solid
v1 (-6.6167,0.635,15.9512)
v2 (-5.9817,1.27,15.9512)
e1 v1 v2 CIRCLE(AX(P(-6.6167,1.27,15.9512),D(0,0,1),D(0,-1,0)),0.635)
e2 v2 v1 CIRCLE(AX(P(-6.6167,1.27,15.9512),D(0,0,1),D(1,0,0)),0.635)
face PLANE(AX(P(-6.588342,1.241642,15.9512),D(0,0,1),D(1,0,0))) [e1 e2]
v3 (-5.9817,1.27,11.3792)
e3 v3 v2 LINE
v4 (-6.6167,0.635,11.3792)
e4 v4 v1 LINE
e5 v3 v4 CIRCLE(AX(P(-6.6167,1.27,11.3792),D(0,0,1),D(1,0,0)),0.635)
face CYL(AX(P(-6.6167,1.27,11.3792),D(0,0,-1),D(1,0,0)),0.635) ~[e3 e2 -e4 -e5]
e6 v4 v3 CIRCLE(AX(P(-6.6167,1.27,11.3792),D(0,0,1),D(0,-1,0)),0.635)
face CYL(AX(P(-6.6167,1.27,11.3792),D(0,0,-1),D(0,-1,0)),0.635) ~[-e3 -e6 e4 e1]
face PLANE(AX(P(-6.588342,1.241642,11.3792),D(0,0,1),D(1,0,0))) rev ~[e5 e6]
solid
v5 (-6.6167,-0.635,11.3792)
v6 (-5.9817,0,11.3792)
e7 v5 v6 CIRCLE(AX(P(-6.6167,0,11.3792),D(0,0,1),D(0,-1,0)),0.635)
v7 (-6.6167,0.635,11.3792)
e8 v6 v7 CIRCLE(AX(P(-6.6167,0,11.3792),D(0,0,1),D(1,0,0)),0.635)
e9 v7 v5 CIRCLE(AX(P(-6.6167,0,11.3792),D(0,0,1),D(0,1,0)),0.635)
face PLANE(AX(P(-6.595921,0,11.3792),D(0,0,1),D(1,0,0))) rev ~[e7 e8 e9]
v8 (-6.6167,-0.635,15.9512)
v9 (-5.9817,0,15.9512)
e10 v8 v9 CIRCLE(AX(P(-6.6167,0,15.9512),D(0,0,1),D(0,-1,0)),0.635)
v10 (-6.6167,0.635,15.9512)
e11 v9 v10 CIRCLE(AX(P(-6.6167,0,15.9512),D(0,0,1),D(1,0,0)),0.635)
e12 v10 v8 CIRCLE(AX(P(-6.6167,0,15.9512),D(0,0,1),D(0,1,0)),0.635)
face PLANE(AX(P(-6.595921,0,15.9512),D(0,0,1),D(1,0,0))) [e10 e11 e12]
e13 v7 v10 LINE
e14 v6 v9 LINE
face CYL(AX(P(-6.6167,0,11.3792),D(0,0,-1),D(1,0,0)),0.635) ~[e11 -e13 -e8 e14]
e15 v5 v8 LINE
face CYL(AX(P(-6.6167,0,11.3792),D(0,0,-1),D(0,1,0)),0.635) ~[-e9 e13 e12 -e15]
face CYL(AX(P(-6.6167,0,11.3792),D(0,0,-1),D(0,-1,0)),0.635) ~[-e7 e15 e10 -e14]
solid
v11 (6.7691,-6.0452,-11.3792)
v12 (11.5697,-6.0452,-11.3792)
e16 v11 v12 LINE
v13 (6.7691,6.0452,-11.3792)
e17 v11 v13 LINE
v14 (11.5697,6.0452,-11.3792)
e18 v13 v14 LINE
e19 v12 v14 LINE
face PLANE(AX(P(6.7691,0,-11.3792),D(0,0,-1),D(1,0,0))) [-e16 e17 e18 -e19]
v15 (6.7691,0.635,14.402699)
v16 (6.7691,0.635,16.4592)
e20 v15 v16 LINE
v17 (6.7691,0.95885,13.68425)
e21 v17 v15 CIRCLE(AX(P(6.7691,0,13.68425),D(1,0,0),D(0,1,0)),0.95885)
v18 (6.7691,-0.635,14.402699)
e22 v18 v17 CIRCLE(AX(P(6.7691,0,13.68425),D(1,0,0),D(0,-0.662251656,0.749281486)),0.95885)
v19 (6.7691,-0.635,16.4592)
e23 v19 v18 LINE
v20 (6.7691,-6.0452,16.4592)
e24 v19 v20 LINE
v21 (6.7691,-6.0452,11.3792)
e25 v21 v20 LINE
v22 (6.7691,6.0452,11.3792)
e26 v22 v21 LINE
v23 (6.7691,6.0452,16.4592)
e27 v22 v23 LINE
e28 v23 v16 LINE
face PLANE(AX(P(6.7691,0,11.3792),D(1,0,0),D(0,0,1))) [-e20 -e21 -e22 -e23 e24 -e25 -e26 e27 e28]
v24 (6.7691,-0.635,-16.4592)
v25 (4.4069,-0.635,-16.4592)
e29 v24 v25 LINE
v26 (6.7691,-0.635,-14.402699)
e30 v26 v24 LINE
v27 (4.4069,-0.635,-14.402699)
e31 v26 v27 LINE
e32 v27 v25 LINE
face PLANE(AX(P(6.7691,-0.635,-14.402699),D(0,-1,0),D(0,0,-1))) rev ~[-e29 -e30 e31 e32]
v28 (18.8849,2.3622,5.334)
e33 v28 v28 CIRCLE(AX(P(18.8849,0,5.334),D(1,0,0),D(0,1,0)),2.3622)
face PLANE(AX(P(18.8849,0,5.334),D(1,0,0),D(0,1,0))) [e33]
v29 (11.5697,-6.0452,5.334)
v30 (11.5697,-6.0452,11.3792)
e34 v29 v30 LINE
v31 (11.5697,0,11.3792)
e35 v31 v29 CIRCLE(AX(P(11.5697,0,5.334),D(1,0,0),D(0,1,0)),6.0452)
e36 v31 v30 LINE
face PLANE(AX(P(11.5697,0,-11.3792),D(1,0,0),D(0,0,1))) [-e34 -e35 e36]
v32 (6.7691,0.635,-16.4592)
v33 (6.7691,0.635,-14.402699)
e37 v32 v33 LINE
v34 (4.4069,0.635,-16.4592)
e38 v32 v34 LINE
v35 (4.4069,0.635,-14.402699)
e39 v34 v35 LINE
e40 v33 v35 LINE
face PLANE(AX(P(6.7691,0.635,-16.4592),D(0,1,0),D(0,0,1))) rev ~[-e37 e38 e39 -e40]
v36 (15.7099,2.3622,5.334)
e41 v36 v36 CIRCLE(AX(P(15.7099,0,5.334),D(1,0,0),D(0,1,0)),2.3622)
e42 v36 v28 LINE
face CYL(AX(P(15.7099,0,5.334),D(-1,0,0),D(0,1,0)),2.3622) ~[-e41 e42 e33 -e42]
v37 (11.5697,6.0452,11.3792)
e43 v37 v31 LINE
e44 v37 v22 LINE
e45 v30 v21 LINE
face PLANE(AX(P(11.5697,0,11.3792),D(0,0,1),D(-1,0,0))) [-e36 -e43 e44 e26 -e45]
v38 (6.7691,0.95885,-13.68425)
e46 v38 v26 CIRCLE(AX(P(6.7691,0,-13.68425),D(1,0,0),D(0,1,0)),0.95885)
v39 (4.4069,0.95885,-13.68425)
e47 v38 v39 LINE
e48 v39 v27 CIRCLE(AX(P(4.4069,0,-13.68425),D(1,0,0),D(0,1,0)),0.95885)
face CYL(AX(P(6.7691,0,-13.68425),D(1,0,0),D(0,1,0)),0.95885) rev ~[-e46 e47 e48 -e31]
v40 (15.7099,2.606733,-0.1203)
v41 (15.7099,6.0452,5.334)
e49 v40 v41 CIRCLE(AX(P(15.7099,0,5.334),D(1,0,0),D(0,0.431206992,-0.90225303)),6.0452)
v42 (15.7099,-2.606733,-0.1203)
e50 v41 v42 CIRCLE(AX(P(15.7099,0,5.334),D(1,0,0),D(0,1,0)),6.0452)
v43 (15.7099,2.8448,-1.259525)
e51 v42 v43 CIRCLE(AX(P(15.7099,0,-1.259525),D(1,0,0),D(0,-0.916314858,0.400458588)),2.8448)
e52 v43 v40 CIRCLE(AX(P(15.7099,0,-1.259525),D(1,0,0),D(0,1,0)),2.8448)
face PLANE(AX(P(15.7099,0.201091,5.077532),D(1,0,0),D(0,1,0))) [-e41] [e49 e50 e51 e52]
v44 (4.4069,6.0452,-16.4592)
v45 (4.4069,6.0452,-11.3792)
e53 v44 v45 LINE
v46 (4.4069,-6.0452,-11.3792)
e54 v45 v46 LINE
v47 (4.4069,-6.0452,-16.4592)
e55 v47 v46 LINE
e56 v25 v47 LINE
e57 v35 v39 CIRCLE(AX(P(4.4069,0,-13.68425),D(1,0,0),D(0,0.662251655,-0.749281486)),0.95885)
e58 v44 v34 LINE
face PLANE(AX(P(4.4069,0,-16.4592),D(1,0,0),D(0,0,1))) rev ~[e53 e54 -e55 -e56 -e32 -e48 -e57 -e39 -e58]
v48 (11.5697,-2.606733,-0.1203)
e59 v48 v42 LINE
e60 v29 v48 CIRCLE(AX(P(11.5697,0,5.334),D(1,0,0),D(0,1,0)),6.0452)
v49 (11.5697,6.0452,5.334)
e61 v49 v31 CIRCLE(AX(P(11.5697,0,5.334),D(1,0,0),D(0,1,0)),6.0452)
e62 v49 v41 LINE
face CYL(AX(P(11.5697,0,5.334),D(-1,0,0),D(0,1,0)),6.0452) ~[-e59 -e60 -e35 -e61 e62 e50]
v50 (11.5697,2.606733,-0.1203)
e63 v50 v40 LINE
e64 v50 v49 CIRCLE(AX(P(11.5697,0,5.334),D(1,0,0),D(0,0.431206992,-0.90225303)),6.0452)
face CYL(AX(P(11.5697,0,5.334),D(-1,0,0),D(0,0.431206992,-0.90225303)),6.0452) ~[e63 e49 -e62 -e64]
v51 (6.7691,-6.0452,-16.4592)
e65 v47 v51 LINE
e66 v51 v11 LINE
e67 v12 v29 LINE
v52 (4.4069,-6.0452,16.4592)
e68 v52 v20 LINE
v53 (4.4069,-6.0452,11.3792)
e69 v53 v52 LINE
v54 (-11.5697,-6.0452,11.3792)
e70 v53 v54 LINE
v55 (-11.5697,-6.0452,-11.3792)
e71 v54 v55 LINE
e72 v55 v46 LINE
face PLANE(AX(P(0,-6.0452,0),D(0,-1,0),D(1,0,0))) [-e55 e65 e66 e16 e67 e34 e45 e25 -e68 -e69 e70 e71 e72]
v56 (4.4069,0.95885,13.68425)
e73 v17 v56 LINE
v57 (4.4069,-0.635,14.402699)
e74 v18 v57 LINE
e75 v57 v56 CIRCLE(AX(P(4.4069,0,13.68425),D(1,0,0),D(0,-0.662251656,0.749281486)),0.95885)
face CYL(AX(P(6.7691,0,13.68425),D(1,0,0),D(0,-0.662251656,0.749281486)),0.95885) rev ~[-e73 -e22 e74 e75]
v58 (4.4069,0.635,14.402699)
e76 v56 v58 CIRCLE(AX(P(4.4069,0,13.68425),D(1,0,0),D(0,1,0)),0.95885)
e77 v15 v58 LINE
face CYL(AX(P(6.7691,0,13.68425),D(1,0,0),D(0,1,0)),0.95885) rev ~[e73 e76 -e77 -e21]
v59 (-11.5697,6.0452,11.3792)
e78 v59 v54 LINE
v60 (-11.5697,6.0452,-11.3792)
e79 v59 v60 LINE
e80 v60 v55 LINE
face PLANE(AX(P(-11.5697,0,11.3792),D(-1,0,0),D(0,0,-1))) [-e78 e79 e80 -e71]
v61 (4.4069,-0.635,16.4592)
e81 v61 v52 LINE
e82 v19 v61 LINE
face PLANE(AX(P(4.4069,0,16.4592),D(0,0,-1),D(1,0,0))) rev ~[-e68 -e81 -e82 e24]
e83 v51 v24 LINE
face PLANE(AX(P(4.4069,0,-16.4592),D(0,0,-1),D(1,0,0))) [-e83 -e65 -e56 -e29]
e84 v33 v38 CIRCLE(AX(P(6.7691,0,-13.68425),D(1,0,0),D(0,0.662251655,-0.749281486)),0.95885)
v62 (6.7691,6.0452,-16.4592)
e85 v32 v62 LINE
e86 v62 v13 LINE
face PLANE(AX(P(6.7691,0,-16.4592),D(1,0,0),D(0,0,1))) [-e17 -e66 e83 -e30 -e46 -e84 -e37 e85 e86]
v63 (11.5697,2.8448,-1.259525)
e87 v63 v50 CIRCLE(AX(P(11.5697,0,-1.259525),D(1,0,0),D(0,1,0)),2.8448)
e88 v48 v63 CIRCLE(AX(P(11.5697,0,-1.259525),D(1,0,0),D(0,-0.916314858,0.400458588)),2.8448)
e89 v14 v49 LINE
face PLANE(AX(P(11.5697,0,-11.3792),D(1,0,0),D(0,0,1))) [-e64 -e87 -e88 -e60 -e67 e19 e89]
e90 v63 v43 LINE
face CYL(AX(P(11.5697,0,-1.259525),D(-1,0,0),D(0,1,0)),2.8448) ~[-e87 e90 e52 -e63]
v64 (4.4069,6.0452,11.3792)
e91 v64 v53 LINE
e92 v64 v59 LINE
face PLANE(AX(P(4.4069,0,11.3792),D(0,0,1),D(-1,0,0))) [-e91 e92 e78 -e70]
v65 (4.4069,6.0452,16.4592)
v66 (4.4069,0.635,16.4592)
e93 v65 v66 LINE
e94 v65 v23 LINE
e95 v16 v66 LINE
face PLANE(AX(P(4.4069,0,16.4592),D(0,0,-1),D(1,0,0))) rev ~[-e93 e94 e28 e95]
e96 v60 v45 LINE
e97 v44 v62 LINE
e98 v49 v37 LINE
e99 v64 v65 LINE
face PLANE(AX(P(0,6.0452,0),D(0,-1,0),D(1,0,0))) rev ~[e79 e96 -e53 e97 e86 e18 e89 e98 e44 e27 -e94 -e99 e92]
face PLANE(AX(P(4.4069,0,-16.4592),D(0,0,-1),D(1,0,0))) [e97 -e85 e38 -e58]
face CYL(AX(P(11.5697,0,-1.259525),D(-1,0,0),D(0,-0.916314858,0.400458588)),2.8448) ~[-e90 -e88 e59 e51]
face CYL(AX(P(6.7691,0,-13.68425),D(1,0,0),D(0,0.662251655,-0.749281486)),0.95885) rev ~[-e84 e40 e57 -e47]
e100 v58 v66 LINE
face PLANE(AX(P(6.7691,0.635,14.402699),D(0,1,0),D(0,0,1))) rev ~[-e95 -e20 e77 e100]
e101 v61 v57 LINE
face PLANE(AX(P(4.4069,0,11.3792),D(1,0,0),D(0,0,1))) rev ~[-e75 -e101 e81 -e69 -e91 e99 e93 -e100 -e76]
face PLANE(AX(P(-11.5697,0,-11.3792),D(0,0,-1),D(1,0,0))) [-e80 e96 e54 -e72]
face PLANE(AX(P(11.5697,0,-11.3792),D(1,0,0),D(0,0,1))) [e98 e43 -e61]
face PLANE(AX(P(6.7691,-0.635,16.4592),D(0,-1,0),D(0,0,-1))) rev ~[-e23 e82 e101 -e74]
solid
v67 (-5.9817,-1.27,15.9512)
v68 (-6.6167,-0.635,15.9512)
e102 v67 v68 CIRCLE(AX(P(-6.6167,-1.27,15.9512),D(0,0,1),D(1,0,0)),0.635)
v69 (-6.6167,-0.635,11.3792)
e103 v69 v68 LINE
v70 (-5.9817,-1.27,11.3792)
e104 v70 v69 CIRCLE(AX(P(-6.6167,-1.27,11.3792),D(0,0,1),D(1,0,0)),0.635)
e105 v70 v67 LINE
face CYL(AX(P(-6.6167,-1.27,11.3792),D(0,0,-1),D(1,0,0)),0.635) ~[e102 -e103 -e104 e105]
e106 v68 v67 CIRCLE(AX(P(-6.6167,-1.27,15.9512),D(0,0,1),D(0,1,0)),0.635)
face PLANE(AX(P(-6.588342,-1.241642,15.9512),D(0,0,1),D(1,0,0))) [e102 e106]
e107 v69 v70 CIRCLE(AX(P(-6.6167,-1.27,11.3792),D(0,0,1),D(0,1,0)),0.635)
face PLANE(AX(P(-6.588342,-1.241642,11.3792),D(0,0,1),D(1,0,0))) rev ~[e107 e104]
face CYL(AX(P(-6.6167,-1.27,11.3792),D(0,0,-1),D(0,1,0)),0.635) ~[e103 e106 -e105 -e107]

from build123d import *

# Parameters (mm, degrees)
F0_W     = 2.3622
F0_H     = 5.08
F1_DEPTH = 6.0452
F3_DEPTH = 4.1402
F4_R     = 2.3622
F5_DEPTH = 3.175
F7_DEPTH = 25.4
F9_DEPTH = 4.572


with BuildPart() as f1:
    # F0 (on Front) → F1 (new body, symmetric)
    with BuildSketch(Plane.XZ):
        Polygon((6.7691, -11.3792), (11.5697, -11.3792), (11.5697, 11.3792), (6.7691, 11.3792), (4.4069, 11.3792), (-11.5697, 11.3792), (-11.5697, -11.3792), (4.4069, -11.3792), align=None)
        with Locations((5.588, -13.9192)):
            Rectangle(F0_W, F0_H)
        with Locations((5.588, 13.9192)):
            Rectangle(F0_W, F0_H)
    extrude(amount=F1_DEPTH, both=True)

    # F2 (on face) → F3 (join)
    with BuildSketch(Plane.YZ.offset(11.5697)):
        with BuildLine():
            ThreePointArc((2.6067325083, -0.1203000165), (5.1138372285, 2.1101650414), (6.0452, 5.334))
            ThreePointArc((6.0452, 5.334), (-3.2238349586, 10.4478372285), (-2.6067325083, -0.1203000165))
            ThreePointArc((-2.6067325083, -0.1203000165), (0, 1.585275392), (2.6067325083, -0.1203000165))
        make_face()
        with BuildLine():
            ThreePointArc((2.6067325083, -0.1203000165), (0, 1.585275392), (-2.6067325083, -0.1203000165))
            ThreePointArc((-2.6067325083, -0.1203000165), (0, -0.7112), (2.6067325083, -0.1203000165))
        make_face()
        with BuildLine():
            ThreePointArc((2.6067325083, -0.1203000165), (0, -0.7112), (-2.6067325083, -0.1203000165))
            ThreePointArc((-2.6067325083, -0.1203000165), (-0.5819168327, -4.0441717742), (2.8448, -1.259524608))
            ThreePointArc((2.8448, -1.259524608), (2.7846471661, -0.6776077754), (2.6067325083, -0.1203000165))
        make_face()
    extrude(amount=F3_DEPTH)

    # F4 (on face) → F5 (join)
    with BuildSketch(Plane.YZ.offset(15.7099)):
        with Locations((0, 5.334)):
            Circle(F4_R)
    extrude(amount=F5_DEPTH)

    # F6 (on face) → F7 (cut)
    with BuildSketch(Plane.YZ.offset(6.7691)):
        with BuildLine():
            Line((0.635, 14.4026985524), (0.635, 16.4592))
            Line((0.635, 16.4592), (-0.635, 16.4592))
            Line((-0.635, 16.4592), (-0.635, 14.4026985524))
            ThreePointArc((-0.635, 14.4026985524), (0, 14.6431), (0.635, 14.4026985524))
        make_face()
        with BuildLine():
            ThreePointArc((0.95885, 13.68425), (0.8741461756, 14.0782827223), (0.635, 14.4026985524))
            Line((0.635, 14.4026985524), (0.635, 13.68425))
            Line((0.635, 13.68425), (-0.635, 13.68425))
            Line((-0.635, 13.68425), (-0.635, 14.4026985524))
            ThreePointArc((-0.635, 14.4026985524), (-0.3940327223, 12.8101038244), (0.95885, 13.68425))
        make_face()
        with BuildLine():
            Line((0.635, 13.68425), (0.635, 14.4026985524))
            ThreePointArc((0.635, 14.4026985524), (0, 14.6431), (-0.635, 14.4026985524))
            Line((-0.635, 14.4026985524), (-0.635, 13.68425))
            Line((-0.635, 13.68425), (0.635, 13.68425))
        make_face()
        with BuildLine():
            Line((0.635, -14.4026985524), (0.635, -13.68425))
            Line((0.635, -13.68425), (-0.635, -13.68425))
            Line((-0.635, -13.68425), (-0.635, -14.4026985524))
            ThreePointArc((-0.635, -14.4026985524), (0, -14.6431), (0.635, -14.4026985524))
        make_face()
        with BuildLine():
            Line((-0.635, -13.68425), (0.635, -13.68425))
            Line((0.635, -13.68425), (0.635, -14.4026985524))
            ThreePointArc((0.635, -14.4026985524), (0.8741461756, -14.0782827223), (0.95885, -13.68425))
            ThreePointArc((0.95885, -13.68425), (-0.3940327223, -12.8101038244), (-0.635, -14.4026985524))
            Line((-0.635, -14.4026985524), (-0.635, -13.68425))
        make_face()
        with BuildLine():
            Line((0.635, -16.4592), (0.635, -14.4026985524))
            ThreePointArc((0.635, -14.4026985524), (0, -14.6431), (-0.635, -14.4026985524))
            Line((-0.635, -14.4026985524), (-0.635, -16.4592))
            Line((-0.635, -16.4592), (0.635, -16.4592))
        make_face()
    extrude(amount=-F7_DEPTH, mode=Mode.SUBTRACT)


with BuildPart() as f9:
    # F8 (on face) → F9 (new body)
    with BuildSketch(Plane.XY.offset(11.3792)):
        with BuildLine():
            ThreePointArc((-6.6167, -0.635), (-6.1676871939, -0.4490128061), (-5.9817, 0))
            ThreePointArc((-5.9817, 0), (-6.1676871939, 0.4490128061), (-6.6167, 0.635))
            ThreePointArc((-6.6167, 0.635), (-7.2517, 0), (-6.6167, -0.635))
        make_face()
    extrude(amount=F9_DEPTH)


with BuildPart() as f9b:
    # F8 (on face) → F9, piece 2 (new body)
    with BuildSketch(Plane.XY.offset(11.3792)):
        with BuildLine():
            ThreePointArc((-5.9817, -1.27), (-6.1676871939, -0.8209871939), (-6.6167, -0.635))
            ThreePointArc((-6.6167, -0.635), (-7.0657128061, -1.7190128061), (-5.9817, -1.27))
        make_face()
    extrude(amount=F9_DEPTH)


with BuildPart() as f9c:
    # F8 (on face) → F9, piece 3 (new body)
    with BuildSketch(Plane.XY.offset(11.3792)):
        with BuildLine():
            ThreePointArc((-5.9817, 1.27), (-7.0657128061, 1.7190128061), (-6.6167, 0.635))
            ThreePointArc((-6.6167, 0.635), (-6.1676871939, 0.8209871939), (-5.9817, 1.27))
        make_face()
    extrude(amount=F9_DEPTH)


solid = Compound([f1.part, f9.part, f9b.part, f9c.part])
